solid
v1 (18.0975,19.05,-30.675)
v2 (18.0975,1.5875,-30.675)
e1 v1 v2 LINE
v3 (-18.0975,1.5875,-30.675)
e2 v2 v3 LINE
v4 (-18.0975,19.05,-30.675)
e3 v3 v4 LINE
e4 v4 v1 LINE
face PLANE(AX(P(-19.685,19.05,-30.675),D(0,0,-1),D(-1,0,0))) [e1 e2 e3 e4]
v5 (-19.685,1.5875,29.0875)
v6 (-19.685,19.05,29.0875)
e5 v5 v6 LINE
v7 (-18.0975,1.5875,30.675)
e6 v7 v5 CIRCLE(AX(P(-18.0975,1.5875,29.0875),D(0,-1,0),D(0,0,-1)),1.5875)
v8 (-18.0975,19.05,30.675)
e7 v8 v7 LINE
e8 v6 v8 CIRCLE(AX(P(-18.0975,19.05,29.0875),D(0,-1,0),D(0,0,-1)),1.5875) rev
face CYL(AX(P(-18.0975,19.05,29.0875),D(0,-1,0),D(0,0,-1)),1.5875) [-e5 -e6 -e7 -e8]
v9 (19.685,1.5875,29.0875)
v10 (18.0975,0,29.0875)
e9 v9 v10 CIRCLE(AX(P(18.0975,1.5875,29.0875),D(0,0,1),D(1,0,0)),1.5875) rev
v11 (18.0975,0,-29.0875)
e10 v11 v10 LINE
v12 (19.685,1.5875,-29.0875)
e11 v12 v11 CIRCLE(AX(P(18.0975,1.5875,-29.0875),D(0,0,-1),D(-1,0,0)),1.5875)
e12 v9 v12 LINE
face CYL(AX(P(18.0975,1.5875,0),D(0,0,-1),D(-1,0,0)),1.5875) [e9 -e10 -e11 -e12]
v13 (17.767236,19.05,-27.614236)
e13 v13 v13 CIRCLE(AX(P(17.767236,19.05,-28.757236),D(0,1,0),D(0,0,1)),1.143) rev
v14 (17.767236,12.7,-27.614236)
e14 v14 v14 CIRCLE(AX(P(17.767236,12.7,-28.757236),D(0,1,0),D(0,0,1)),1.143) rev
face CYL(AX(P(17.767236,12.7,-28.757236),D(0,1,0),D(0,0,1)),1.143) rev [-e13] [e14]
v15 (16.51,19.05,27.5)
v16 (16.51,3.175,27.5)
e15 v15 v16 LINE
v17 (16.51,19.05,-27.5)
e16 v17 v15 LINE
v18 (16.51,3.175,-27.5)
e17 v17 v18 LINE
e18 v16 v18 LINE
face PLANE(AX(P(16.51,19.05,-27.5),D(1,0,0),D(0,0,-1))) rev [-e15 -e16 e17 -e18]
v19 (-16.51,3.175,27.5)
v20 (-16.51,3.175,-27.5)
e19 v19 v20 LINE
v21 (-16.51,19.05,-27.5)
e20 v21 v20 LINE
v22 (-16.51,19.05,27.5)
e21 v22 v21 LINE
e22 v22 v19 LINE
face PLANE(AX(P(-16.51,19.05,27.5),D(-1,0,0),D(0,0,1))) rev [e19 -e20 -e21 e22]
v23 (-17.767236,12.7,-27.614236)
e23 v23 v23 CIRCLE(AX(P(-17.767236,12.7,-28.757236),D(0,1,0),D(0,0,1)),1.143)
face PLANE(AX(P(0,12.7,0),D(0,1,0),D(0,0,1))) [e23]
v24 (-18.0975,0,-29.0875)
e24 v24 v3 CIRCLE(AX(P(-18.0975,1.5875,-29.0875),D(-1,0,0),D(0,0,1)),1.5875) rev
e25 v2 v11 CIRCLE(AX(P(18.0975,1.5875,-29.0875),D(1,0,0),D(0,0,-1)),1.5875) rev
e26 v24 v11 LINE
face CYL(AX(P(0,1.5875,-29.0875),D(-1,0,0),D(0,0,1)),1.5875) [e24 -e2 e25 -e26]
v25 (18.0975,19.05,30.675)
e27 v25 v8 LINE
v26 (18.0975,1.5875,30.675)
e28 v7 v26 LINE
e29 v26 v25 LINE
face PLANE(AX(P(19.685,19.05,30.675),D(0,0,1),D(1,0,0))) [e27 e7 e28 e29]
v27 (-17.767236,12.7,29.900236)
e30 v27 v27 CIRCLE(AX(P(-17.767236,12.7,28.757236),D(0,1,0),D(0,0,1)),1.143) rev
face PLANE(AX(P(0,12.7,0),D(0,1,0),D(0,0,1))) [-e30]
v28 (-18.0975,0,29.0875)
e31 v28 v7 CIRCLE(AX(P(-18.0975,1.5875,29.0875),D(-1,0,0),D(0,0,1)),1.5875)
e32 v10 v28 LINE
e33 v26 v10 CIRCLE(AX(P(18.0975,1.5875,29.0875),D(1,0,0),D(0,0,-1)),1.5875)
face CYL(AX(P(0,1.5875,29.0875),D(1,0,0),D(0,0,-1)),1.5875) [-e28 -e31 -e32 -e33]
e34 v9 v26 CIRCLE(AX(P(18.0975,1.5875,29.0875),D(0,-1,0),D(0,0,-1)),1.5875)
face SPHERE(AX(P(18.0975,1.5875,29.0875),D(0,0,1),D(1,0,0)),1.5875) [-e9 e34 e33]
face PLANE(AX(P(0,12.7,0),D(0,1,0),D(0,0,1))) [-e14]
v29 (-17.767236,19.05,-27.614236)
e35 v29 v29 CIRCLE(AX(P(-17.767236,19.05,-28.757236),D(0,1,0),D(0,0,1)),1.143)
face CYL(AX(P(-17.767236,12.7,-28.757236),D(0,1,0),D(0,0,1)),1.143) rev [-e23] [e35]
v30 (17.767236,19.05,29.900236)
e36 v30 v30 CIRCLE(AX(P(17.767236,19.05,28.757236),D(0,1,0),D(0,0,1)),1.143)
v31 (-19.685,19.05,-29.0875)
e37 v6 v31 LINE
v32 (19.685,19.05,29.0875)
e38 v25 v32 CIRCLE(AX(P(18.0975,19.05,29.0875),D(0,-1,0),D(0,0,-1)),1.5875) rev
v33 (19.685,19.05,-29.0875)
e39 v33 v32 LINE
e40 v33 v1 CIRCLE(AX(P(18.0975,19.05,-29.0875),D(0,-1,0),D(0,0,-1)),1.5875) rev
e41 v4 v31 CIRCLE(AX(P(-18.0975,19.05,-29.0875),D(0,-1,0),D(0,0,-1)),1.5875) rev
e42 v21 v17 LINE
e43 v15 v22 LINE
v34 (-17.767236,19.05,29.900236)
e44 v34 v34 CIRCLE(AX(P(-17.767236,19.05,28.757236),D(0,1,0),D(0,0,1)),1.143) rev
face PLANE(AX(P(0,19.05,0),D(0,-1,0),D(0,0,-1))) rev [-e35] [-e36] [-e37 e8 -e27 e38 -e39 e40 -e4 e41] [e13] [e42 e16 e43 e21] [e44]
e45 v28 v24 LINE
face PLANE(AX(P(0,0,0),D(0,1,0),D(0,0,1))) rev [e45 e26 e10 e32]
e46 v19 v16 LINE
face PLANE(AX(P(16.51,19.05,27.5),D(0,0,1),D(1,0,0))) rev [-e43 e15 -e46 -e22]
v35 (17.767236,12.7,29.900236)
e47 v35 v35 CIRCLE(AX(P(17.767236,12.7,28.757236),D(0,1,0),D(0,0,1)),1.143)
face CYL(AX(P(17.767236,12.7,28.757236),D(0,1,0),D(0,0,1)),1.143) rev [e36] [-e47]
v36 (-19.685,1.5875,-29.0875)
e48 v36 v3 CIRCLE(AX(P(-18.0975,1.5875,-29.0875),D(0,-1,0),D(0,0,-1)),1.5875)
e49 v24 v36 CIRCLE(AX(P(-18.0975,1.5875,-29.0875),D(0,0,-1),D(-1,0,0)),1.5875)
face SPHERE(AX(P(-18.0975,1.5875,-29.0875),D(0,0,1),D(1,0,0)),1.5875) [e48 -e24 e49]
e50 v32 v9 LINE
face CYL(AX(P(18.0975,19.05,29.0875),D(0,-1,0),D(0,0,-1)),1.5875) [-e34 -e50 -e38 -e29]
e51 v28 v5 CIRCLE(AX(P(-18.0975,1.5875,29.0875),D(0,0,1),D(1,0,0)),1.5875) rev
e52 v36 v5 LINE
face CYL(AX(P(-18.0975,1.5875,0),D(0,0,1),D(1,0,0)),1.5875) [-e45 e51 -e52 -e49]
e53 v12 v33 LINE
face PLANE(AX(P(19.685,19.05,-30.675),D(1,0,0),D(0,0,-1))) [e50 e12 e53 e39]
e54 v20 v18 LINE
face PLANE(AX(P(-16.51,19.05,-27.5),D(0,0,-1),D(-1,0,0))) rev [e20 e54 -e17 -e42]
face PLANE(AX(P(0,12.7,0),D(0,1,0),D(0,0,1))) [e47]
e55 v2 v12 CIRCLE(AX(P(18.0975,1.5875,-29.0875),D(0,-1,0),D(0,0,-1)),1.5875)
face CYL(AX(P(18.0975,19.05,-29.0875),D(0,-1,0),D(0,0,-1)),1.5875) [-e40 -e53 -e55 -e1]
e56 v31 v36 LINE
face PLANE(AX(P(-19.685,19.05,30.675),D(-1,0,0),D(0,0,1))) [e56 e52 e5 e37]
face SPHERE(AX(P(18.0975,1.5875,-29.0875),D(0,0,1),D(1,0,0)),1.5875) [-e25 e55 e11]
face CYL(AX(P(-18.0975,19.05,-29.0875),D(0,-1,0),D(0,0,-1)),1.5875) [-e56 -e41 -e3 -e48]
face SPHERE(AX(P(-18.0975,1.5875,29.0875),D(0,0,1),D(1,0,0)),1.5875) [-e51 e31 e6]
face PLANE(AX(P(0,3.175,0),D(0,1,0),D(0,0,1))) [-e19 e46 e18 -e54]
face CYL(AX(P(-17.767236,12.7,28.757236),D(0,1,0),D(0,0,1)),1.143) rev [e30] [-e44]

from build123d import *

# Parameters (mm, degrees)
SKETCH1_W          = 33.02
SKETCH1_H          = 55
BASE_DEPTH         = 3.175
SKETCH3_W          = 39.37
SKETCH3_H          = 61.35
SKETCH3_W_2        = 33.02
SKETCH3_H_2        = 55
OUTER_CASING_DEPTH = 19.05
FILLET1_R          = 1.5875
SKETCH5_R          = 1.143
CUT_EXTRUDE5_DEPTH = 6.35


with BuildPart() as part:
    # Sketch1 → Base (new body)
    with BuildSketch(Plane(origin=(0, 0, 0), x_dir=(1, 0, 0), z_dir=(0, 1, 0))):
        Rectangle(SKETCH1_W, SKETCH1_H)
        Polygon((-16.51, 27.5), (16.51, 27.5), (16.51, -27.5), align=None)
    extrude(amount=BASE_DEPTH)

    # Sketch3 → Outer-Casing (add)
    with BuildSketch(Plane.XZ):
        Rectangle(SKETCH3_W, SKETCH3_H)
        Rectangle(SKETCH3_W_2, SKETCH3_H_2, mode=Mode.SUBTRACT)
    extrude(amount=-OUTER_CASING_DEPTH)

    # Fillet1
    fillet1_edges = [part.edges().sort_by_distance(p)[0] for p in [
        (19.685, 9.525, 30.675),
        (19.685, 9.525, -30.675),
        (-19.685, 9.525, -30.675),
        (-19.685, 9.525, 30.675),
        (19.685, 0, 0),
        (0, 0, 30.675),
        (-19.685, 0, 0),
        (0, 0, -30.675),
    ]]
    fillet(fillet1_edges, radius=FILLET1_R)

    # Sketch5 → Cut-Extrude5 (cut)
    with BuildSketch(Plane(origin=(0, 19.05, 0), x_dir=(1, 0, 0), z_dir=(0, 1, 0))):
        with Locations(Location((-17.767235857, 28.757235857, 0), (0, 0, 270))):
            Circle(SKETCH5_R)
        with Locations(Location((-17.767235857, -28.757235857, 0), (0, 0, 270))):
            Circle(SKETCH5_R)
        with Locations(Location((17.767235857, -28.757235857, 0), (0, 0, 270))):
            Circle(SKETCH5_R)
        with Locations(Location((17.767235857, 28.757235857, 0), (0, 0, 270))):
            Circle(SKETCH5_R)
    extrude(amount=-CUT_EXTRUDE5_DEPTH, mode=Mode.SUBTRACT)


solid = part.part
